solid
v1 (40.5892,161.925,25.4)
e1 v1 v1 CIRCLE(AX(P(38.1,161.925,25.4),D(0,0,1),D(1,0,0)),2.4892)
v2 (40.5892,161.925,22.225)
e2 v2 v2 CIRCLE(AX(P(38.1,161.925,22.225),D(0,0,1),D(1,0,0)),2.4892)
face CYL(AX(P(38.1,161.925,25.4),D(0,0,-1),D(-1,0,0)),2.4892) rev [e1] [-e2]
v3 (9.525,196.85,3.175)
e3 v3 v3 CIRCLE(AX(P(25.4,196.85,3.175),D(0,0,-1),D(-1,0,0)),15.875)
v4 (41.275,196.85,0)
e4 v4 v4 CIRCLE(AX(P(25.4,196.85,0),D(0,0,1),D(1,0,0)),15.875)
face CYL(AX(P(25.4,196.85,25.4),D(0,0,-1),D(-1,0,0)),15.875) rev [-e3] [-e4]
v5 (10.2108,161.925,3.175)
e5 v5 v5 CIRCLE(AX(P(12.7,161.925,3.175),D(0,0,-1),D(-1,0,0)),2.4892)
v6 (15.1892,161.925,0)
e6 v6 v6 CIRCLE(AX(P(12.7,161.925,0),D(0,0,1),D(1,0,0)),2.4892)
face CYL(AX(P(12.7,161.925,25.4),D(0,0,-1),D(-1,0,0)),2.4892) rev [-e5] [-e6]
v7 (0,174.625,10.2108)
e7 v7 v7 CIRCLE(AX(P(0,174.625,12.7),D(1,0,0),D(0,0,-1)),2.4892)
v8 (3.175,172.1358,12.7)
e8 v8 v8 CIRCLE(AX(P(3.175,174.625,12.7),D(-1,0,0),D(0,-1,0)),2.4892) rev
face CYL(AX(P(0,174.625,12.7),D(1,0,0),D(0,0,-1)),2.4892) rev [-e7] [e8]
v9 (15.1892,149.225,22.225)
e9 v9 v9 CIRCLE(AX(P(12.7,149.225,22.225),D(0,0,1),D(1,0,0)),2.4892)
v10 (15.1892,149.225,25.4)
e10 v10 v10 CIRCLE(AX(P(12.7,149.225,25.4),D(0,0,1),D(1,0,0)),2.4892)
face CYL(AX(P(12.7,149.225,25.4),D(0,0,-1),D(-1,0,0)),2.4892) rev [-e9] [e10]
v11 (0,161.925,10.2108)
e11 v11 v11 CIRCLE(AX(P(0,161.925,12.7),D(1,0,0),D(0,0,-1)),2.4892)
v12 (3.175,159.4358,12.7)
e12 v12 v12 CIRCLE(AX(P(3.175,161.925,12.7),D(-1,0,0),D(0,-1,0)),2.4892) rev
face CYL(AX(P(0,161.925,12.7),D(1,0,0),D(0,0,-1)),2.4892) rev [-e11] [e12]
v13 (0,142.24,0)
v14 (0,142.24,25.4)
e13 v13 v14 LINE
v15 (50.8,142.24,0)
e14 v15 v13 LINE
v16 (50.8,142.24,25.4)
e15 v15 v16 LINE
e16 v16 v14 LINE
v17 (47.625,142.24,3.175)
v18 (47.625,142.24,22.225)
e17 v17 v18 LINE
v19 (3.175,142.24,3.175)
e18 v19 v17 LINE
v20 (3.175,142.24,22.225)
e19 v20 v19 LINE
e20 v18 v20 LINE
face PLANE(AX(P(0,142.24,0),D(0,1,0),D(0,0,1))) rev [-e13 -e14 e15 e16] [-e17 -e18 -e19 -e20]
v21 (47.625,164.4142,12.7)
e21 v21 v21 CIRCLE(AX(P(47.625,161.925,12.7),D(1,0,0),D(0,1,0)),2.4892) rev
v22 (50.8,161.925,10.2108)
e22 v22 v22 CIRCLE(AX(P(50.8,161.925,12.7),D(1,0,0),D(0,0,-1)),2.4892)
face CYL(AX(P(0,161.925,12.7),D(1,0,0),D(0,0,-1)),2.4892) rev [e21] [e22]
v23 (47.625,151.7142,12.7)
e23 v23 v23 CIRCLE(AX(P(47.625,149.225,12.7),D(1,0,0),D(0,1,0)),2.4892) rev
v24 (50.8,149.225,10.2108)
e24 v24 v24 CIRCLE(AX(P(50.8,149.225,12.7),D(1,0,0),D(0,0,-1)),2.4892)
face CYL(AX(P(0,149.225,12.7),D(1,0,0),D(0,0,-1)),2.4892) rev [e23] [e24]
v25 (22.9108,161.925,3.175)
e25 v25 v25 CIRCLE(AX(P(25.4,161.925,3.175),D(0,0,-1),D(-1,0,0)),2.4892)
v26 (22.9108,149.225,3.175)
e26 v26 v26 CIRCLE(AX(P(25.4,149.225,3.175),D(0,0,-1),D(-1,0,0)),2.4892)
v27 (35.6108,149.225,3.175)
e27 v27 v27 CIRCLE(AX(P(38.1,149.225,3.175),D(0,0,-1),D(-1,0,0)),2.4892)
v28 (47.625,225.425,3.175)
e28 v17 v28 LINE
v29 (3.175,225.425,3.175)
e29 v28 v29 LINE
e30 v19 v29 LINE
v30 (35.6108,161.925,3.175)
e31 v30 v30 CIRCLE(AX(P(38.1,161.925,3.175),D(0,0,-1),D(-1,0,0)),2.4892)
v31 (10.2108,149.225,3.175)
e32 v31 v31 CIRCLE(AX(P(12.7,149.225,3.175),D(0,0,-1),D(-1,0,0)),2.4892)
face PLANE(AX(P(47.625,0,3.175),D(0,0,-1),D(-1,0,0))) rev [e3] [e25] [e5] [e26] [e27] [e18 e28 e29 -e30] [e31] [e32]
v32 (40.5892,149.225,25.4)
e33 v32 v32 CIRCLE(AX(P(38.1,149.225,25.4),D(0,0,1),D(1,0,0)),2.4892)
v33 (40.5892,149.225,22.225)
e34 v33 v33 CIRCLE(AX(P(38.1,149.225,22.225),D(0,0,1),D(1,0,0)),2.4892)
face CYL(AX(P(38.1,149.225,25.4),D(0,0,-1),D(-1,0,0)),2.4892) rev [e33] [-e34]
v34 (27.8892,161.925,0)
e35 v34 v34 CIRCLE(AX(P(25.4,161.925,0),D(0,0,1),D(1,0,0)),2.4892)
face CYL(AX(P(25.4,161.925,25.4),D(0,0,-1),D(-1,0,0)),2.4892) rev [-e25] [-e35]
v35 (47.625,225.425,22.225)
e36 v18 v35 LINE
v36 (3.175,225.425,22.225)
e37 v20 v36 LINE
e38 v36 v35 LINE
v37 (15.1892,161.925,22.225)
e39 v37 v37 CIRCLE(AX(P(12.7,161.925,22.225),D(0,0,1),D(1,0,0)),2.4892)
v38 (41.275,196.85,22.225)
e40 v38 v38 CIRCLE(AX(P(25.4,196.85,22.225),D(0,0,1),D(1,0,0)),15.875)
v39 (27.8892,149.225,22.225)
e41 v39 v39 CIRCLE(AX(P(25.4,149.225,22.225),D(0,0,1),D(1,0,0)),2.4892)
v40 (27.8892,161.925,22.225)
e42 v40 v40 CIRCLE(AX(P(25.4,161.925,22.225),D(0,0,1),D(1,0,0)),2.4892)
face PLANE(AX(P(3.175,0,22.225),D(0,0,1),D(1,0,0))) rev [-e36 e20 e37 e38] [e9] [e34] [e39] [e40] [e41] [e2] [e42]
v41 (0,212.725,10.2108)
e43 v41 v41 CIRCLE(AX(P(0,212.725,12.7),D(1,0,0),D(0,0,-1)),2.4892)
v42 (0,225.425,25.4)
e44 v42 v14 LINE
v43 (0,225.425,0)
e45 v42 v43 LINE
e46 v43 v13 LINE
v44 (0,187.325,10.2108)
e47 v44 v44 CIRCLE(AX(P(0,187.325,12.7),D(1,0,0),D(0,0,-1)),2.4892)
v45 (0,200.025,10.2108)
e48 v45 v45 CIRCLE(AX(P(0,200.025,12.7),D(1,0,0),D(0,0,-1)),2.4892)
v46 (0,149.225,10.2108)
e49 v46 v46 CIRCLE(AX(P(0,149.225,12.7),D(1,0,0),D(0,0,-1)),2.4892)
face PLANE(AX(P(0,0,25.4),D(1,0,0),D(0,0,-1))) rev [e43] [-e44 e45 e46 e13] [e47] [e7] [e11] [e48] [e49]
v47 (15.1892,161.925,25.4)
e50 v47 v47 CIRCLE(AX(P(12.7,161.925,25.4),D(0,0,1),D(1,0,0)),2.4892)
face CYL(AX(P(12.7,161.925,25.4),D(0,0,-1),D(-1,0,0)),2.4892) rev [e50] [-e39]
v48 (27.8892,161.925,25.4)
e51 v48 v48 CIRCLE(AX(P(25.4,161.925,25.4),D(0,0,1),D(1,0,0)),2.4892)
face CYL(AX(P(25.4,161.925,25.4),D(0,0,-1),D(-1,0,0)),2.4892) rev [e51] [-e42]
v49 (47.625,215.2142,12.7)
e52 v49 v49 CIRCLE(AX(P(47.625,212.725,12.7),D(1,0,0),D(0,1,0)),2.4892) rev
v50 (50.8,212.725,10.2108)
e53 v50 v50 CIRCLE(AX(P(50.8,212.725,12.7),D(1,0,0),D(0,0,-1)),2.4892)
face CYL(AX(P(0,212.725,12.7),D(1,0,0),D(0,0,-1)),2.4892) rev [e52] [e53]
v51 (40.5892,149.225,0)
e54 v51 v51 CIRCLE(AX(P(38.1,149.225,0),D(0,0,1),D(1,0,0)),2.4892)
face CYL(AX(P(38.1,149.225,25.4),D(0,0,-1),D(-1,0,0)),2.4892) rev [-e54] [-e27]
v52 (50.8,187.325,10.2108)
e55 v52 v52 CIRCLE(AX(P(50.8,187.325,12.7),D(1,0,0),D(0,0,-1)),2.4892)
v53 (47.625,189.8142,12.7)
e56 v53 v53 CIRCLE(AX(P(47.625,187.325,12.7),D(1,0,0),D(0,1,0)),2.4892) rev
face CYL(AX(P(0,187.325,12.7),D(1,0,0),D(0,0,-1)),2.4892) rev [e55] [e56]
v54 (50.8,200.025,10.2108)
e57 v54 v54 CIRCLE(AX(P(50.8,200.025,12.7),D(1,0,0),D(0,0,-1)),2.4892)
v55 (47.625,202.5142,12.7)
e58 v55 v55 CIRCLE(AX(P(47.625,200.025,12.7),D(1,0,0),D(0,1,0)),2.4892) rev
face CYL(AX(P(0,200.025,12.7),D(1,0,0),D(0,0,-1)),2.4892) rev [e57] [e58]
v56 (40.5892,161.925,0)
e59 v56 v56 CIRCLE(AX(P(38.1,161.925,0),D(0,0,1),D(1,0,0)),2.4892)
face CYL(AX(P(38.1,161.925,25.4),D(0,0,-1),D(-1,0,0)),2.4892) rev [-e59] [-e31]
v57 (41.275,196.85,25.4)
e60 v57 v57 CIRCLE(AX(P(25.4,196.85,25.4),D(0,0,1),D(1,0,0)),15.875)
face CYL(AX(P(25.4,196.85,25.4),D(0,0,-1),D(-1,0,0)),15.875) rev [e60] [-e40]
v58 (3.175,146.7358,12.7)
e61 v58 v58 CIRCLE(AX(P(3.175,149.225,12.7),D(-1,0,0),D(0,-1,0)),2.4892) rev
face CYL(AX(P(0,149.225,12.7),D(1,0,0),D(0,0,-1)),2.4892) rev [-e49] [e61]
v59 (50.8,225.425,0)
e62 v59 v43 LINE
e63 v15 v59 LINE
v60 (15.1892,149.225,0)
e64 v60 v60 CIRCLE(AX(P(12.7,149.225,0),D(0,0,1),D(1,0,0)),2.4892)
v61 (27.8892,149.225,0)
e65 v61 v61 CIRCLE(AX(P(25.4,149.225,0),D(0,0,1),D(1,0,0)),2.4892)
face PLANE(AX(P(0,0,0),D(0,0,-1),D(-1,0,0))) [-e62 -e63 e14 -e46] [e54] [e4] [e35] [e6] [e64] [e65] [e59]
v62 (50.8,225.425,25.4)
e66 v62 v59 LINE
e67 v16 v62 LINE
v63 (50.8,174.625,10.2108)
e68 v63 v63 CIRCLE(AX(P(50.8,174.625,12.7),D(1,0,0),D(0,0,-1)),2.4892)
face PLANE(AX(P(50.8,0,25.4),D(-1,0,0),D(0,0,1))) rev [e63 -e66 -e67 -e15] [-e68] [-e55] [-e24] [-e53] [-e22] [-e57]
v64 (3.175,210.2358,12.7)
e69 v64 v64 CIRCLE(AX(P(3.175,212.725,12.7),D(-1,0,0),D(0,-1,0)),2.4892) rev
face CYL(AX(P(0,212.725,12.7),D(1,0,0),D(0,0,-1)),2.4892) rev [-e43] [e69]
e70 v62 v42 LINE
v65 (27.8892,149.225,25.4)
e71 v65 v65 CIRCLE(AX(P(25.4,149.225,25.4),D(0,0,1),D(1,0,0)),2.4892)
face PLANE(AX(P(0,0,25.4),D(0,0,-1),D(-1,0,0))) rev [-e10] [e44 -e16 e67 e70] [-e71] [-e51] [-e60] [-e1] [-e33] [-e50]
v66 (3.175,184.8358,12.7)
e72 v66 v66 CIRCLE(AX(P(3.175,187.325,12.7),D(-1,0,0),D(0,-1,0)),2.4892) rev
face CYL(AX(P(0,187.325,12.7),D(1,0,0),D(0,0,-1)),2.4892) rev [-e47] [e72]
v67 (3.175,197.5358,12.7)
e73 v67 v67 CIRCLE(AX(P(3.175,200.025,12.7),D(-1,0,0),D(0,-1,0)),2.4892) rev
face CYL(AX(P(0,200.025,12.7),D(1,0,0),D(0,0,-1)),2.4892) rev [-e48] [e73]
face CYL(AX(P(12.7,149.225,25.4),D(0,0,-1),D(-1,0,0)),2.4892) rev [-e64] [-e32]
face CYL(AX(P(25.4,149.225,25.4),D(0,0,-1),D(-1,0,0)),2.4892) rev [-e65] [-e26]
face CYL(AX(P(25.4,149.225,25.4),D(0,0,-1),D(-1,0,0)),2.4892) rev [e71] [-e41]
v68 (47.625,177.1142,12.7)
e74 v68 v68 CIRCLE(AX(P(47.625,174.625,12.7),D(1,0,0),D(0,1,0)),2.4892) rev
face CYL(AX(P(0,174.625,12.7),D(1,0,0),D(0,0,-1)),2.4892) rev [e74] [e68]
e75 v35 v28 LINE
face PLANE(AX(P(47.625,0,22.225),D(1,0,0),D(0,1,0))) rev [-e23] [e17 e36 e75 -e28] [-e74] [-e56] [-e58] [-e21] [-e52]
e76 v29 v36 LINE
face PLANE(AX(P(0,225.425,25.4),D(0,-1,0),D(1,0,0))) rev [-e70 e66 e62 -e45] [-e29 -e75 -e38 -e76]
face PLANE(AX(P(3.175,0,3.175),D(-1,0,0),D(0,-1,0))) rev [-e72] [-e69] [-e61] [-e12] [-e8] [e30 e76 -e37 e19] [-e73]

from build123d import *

# Parameters (mm, degrees)
SKETCH1_W           = 50.8
SKETCH1_H           = 225.425
SKETCH1_R           = 15.875
SKETCH1_R_2         = 2.4892
BOSS_EXTRUDE1_DEPTH = 25.4
SKETCH2_R           = 2.4892
CUT_EXTRUDE1_DEPTH  = 233.469848851
SKETCH3_W           = 44.45
SKETCH3_H           = 19.05
CUT_EXTRUDE2_DEPTH  = 233.469848884
SKETCH4_W           = 50.8
SKETCH4_H           = 142.24
CUT_EXTRUDE3_DEPTH  = 233.469848851


with BuildPart() as part:
    # Sketch1 → Boss-Extrude1 (new body)
    with BuildSketch(Plane.XY):
        with Locations((25.4, 112.7125)):
            Rectangle(SKETCH1_W, SKETCH1_H)
        with Locations((25.4, 196.85)):
            Circle(SKETCH1_R, mode=Mode.SUBTRACT)
        with Locations((25.4, 9.525)):
            Circle(SKETCH1_R_2, mode=Mode.SUBTRACT)
        with Locations((38.1, 9.525)):
            Circle(SKETCH1_R_2, mode=Mode.SUBTRACT)
        with Locations((12.7, 9.525)):
            Circle(SKETCH1_R_2, mode=Mode.SUBTRACT)
        with Locations((12.7, 22.225)):
            Circle(SKETCH1_R_2, mode=Mode.SUBTRACT)
        with Locations((25.4, 22.225)):
            Circle(SKETCH1_R_2, mode=Mode.SUBTRACT)
        with Locations((38.1, 22.225)):
            Circle(SKETCH1_R_2, mode=Mode.SUBTRACT)
        with Locations((12.7, 34.925)):
            Circle(SKETCH1_R_2, mode=Mode.SUBTRACT)
        with Locations((25.4, 34.925)):
            Circle(SKETCH1_R_2, mode=Mode.SUBTRACT)
        with Locations((38.1, 34.925)):
            Circle(SKETCH1_R_2, mode=Mode.SUBTRACT)
        with Locations((12.7, 85.725)):
            Circle(SKETCH1_R_2, mode=Mode.SUBTRACT)
        with Locations((25.4, 85.725)):
            Circle(SKETCH1_R_2, mode=Mode.SUBTRACT)
        with Locations((38.1, 85.725)):
            Circle(SKETCH1_R_2, mode=Mode.SUBTRACT)
        with Locations((12.7, 98.425)):
            Circle(SKETCH1_R_2, mode=Mode.SUBTRACT)
        with Locations((25.4, 98.425)):
            Circle(SKETCH1_R_2, mode=Mode.SUBTRACT)
        with Locations((38.1, 98.425)):
            Circle(SKETCH1_R_2, mode=Mode.SUBTRACT)
        with Locations((12.7, 149.225)):
            Circle(SKETCH1_R_2, mode=Mode.SUBTRACT)
        with Locations((25.4, 149.225)):
            Circle(SKETCH1_R_2, mode=Mode.SUBTRACT)
        with Locations((38.1, 149.225)):
            Circle(SKETCH1_R_2, mode=Mode.SUBTRACT)
        with Locations((12.7, 161.925)):
            Circle(SKETCH1_R_2, mode=Mode.SUBTRACT)
        with Locations((25.4, 161.925)):
            Circle(SKETCH1_R_2, mode=Mode.SUBTRACT)
        with Locations((38.1, 161.925)):
            Circle(SKETCH1_R_2, mode=Mode.SUBTRACT)
    extrude(amount=BOSS_EXTRUDE1_DEPTH)

    # Sketch2 → Cut-Extrude1 (cut, through all)
    with BuildSketch(Plane(origin=(50.8, 0, 0), x_dir=(0, 0, -1), z_dir=(1, 0, 0))):
        with Locations((-12.7, 9.525)):
            Circle(SKETCH2_R)
        with Locations((-12.7, 22.225)):
            Circle(SKETCH2_R)
        with Locations((-12.7, 34.925)):
            Circle(SKETCH2_R)
        with Locations((-12.7, 47.625)):
            Circle(SKETCH2_R)
        with Locations((-12.7, 60.325)):
            Circle(SKETCH2_R)
        with Locations((-12.7, 73.025)):
            Circle(SKETCH2_R)
        with Locations((-12.7, 85.725)):
            Circle(SKETCH2_R)
        with Locations((-12.7, 98.425)):
            Circle(SKETCH2_R)
        with Locations((-12.7, 111.125)):
            Circle(SKETCH2_R)
        with Locations((-12.7, 123.825)):
            Circle(SKETCH2_R)
        with Locations((-12.7, 136.525)):
            Circle(SKETCH2_R)
        with Locations((-12.7, 149.225)):
            Circle(SKETCH2_R)
        with Locations((-12.7, 161.925)):
            Circle(SKETCH2_R)
        with Locations((-12.7, 174.625)):
            Circle(SKETCH2_R)
        with Locations((-12.7, 187.325)):
            Circle(SKETCH2_R)
        with Locations((-12.7, 200.025)):
            Circle(SKETCH2_R)
        with Locations((-12.7, 212.725)):
            Circle(SKETCH2_R)
    extrude(amount=-CUT_EXTRUDE1_DEPTH, mode=Mode.SUBTRACT)

    # Sketch3 → Cut-Extrude2 (cut, through all)
    with BuildSketch(Plane(origin=(0, 225.425, 0), x_dir=(1, 0, 0), z_dir=(0, 1, 0))):
        with Locations((25.4, -12.7)):
            Rectangle(SKETCH3_W, SKETCH3_H)
    extrude(amount=-CUT_EXTRUDE2_DEPTH, mode=Mode.SUBTRACT)

    # Sketch4 → Cut-Extrude3 (cut, through all)
    with BuildSketch(Plane.XY.offset(25.4)):
        with Locations((25.4, 71.12)):
            Rectangle(SKETCH4_W, SKETCH4_H)
    extrude(amount=-CUT_EXTRUDE3_DEPTH, mode=Mode.SUBTRACT)


solid = part.part
